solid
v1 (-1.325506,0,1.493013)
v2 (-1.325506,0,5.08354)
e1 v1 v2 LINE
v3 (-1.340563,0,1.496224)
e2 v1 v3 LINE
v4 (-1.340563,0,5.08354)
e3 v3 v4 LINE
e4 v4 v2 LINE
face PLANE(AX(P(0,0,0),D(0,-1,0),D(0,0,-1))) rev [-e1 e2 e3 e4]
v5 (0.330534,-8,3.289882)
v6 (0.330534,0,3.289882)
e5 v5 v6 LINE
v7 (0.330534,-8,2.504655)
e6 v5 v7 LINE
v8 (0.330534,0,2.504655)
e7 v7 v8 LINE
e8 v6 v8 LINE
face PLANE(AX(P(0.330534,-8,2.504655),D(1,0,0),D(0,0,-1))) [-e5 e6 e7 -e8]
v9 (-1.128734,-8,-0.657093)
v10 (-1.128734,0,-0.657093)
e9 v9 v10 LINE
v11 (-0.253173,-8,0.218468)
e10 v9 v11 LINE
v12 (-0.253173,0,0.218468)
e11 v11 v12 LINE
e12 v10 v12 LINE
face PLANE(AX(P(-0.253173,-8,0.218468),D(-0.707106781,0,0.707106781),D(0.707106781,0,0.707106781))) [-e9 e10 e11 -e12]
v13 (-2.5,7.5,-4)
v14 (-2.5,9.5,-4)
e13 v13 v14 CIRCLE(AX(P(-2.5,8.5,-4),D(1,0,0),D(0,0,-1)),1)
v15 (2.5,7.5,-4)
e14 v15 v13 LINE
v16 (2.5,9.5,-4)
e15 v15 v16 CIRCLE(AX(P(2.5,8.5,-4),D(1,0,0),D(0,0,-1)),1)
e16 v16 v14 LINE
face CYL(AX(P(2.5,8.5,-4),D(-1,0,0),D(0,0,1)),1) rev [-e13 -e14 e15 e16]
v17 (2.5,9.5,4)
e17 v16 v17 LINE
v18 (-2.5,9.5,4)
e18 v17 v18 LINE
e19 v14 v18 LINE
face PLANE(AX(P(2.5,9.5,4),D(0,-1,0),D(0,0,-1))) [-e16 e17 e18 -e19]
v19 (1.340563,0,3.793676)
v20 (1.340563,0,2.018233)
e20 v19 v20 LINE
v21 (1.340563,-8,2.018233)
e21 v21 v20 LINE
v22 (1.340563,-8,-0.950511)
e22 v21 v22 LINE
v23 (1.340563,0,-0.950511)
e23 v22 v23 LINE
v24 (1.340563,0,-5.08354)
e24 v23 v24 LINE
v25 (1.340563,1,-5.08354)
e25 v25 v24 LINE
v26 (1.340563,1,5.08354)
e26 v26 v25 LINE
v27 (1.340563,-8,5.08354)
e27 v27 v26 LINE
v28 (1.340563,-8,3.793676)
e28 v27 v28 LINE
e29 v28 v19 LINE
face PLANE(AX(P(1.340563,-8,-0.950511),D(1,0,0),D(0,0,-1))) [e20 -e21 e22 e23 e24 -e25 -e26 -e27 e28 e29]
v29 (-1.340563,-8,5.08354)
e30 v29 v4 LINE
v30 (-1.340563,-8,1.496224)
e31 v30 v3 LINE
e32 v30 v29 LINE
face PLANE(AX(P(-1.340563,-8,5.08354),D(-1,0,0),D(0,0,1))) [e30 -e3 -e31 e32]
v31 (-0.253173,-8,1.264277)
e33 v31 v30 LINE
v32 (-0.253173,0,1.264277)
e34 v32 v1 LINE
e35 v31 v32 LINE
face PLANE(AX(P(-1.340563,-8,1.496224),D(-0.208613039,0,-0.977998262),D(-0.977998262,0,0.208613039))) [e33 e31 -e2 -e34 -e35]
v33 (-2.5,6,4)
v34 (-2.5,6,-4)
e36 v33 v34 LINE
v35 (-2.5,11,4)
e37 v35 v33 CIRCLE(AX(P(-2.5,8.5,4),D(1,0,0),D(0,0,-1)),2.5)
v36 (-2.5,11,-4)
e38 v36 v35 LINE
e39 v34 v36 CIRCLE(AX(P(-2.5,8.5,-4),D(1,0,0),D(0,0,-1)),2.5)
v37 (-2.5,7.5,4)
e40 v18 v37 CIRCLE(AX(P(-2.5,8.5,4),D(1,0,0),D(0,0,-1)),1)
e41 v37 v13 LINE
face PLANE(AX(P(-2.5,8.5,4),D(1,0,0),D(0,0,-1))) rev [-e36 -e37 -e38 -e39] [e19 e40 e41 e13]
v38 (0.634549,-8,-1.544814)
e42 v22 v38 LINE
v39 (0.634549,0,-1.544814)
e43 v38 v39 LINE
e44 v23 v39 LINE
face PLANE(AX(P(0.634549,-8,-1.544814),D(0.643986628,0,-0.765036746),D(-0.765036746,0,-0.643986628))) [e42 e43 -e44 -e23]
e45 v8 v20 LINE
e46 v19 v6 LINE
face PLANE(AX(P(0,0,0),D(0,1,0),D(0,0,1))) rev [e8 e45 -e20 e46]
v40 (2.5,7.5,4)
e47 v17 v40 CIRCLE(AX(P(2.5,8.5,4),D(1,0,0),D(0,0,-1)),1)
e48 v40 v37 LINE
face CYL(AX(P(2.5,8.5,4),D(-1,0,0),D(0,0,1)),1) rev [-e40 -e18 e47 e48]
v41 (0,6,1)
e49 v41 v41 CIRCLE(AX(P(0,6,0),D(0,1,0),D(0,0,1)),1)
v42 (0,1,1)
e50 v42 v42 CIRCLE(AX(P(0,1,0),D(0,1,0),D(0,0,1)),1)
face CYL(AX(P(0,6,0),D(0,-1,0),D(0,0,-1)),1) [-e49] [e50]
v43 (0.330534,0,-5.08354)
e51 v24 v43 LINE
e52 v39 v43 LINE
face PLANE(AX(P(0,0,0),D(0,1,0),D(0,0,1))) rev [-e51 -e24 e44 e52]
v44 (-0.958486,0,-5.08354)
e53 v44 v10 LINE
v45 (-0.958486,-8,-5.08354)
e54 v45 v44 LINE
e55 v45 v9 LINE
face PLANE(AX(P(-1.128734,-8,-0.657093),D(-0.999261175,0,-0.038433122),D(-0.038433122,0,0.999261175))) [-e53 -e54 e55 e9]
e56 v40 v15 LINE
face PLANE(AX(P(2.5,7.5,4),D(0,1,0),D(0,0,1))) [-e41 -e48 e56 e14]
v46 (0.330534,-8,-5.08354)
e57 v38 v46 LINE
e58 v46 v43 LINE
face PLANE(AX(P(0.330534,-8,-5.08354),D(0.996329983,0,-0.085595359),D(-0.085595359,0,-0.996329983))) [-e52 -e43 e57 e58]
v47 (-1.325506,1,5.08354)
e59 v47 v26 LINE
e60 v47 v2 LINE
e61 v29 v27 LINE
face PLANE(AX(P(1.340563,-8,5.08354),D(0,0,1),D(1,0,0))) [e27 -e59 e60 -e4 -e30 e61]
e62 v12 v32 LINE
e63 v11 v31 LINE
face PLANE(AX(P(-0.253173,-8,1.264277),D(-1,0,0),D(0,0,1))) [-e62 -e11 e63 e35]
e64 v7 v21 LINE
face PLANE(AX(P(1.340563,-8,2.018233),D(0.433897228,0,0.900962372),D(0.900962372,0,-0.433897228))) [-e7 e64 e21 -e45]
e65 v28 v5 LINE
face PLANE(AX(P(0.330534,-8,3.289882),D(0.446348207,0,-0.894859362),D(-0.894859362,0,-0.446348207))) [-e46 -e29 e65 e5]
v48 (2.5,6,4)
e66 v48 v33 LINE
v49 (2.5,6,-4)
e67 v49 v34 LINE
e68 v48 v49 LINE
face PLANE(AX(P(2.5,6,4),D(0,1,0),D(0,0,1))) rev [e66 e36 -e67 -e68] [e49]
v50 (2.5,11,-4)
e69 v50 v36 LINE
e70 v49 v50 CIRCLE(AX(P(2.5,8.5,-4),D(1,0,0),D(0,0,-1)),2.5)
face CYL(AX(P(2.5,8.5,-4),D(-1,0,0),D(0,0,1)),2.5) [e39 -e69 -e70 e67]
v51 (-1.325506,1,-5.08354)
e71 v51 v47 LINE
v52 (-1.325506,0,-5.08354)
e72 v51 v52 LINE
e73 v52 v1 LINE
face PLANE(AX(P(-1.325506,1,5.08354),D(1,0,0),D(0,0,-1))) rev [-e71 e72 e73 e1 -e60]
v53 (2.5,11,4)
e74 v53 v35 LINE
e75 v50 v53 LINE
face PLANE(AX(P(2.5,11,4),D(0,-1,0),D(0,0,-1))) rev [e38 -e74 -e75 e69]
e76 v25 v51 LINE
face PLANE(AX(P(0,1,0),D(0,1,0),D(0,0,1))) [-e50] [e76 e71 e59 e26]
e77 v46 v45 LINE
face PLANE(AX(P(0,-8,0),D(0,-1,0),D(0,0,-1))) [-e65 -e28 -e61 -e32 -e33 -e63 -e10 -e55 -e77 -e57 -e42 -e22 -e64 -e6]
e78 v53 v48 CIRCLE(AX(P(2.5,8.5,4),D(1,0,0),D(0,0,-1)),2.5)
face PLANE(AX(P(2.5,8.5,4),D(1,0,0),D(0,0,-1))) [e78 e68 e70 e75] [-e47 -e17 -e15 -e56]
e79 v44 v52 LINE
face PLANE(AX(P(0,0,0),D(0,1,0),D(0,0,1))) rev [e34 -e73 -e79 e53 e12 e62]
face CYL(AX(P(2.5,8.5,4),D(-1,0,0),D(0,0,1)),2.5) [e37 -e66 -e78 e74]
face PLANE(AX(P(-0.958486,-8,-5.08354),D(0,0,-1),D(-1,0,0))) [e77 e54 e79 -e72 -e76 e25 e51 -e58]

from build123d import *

# Parameters (mm, degrees)
BOSS_EXTRUDE1_DEPTH = 8
SKETCH8_W           = 2.666068872
SKETCH8_H           = 10.16707981
BOSS_EXTRUDE2_DEPTH = 1
SKETCH9_R           = 1
BOSS_EXTRUDE3_DEPTH = 5
BOSS_EXTRUDE4_DEPTH = 2.5


with BuildPart() as part:
    # Sketch7 → Boss-Extrude1 (new body)
    with BuildSketch(Plane(origin=(0, 0, 0), x_dir=(1, 0, 0), z_dir=(0, 1, 0))):
        Polygon((-1.340563115, -5.083539905), (-1.340563115, -1.49622437), (-0.25317284, -1.264277343), (-0.25317284, -0.218468371), (-1.12873384, 0.657092629), (-0.958485867, 5.083539905), (0.330534493, 5.083539905), (0.634548729, 1.544814198), (1.340563115, 0.95051095), (1.340563115, -2.018232649), (0.330534493, -2.504655426), (0.330534493, -3.289882138), (1.340563115, -3.793675787), (1.340563115, -5.083539905), align=None)
    extrude(amount=-BOSS_EXTRUDE1_DEPTH)

    # Sketch8 → Boss-Extrude2 (add)
    with BuildSketch(Plane(origin=(0, 0, 0), x_dir=(1, 0, 0), z_dir=(0, 1, 0))):
        with Locations((0.007528679, 0)):
            Rectangle(SKETCH8_W, SKETCH8_H)
    extrude(amount=BOSS_EXTRUDE2_DEPTH)

    # Sketch9 → Boss-Extrude3 (add)
    with BuildSketch(Plane(origin=(0, 1, 0), x_dir=(1, 0, 0), z_dir=(0, 1, 0))):
        Circle(SKETCH9_R)
    extrude(amount=BOSS_EXTRUDE3_DEPTH)

    # Sketch11 → Boss-Extrude4 (add, symmetric)
    with BuildSketch(Plane(origin=(0, 0, 0), x_dir=(0, 0, -1), z_dir=(1, 0, 0))):
        with BuildLine():
            Line((-4, 11), (4, 11))
            ThreePointArc((4, 11), (6.5, 8.5), (4, 6))
            Line((4, 6), (-4, 6))
            ThreePointArc((-4, 6), (-6.5, 8.5), (-4, 11))
        make_face()
        with BuildLine():
            Line((-4, 9.5), (4, 9.5))
            ThreePointArc((4, 9.5), (5, 8.5), (4, 7.5))
            Line((4, 7.5), (-4, 7.5))
            ThreePointArc((-4, 7.5), (-5, 8.5), (-4, 9.5))
        make_face(mode=Mode.SUBTRACT)
    extrude(amount=BOSS_EXTRUDE4_DEPTH, both=True)


solid = part.part
